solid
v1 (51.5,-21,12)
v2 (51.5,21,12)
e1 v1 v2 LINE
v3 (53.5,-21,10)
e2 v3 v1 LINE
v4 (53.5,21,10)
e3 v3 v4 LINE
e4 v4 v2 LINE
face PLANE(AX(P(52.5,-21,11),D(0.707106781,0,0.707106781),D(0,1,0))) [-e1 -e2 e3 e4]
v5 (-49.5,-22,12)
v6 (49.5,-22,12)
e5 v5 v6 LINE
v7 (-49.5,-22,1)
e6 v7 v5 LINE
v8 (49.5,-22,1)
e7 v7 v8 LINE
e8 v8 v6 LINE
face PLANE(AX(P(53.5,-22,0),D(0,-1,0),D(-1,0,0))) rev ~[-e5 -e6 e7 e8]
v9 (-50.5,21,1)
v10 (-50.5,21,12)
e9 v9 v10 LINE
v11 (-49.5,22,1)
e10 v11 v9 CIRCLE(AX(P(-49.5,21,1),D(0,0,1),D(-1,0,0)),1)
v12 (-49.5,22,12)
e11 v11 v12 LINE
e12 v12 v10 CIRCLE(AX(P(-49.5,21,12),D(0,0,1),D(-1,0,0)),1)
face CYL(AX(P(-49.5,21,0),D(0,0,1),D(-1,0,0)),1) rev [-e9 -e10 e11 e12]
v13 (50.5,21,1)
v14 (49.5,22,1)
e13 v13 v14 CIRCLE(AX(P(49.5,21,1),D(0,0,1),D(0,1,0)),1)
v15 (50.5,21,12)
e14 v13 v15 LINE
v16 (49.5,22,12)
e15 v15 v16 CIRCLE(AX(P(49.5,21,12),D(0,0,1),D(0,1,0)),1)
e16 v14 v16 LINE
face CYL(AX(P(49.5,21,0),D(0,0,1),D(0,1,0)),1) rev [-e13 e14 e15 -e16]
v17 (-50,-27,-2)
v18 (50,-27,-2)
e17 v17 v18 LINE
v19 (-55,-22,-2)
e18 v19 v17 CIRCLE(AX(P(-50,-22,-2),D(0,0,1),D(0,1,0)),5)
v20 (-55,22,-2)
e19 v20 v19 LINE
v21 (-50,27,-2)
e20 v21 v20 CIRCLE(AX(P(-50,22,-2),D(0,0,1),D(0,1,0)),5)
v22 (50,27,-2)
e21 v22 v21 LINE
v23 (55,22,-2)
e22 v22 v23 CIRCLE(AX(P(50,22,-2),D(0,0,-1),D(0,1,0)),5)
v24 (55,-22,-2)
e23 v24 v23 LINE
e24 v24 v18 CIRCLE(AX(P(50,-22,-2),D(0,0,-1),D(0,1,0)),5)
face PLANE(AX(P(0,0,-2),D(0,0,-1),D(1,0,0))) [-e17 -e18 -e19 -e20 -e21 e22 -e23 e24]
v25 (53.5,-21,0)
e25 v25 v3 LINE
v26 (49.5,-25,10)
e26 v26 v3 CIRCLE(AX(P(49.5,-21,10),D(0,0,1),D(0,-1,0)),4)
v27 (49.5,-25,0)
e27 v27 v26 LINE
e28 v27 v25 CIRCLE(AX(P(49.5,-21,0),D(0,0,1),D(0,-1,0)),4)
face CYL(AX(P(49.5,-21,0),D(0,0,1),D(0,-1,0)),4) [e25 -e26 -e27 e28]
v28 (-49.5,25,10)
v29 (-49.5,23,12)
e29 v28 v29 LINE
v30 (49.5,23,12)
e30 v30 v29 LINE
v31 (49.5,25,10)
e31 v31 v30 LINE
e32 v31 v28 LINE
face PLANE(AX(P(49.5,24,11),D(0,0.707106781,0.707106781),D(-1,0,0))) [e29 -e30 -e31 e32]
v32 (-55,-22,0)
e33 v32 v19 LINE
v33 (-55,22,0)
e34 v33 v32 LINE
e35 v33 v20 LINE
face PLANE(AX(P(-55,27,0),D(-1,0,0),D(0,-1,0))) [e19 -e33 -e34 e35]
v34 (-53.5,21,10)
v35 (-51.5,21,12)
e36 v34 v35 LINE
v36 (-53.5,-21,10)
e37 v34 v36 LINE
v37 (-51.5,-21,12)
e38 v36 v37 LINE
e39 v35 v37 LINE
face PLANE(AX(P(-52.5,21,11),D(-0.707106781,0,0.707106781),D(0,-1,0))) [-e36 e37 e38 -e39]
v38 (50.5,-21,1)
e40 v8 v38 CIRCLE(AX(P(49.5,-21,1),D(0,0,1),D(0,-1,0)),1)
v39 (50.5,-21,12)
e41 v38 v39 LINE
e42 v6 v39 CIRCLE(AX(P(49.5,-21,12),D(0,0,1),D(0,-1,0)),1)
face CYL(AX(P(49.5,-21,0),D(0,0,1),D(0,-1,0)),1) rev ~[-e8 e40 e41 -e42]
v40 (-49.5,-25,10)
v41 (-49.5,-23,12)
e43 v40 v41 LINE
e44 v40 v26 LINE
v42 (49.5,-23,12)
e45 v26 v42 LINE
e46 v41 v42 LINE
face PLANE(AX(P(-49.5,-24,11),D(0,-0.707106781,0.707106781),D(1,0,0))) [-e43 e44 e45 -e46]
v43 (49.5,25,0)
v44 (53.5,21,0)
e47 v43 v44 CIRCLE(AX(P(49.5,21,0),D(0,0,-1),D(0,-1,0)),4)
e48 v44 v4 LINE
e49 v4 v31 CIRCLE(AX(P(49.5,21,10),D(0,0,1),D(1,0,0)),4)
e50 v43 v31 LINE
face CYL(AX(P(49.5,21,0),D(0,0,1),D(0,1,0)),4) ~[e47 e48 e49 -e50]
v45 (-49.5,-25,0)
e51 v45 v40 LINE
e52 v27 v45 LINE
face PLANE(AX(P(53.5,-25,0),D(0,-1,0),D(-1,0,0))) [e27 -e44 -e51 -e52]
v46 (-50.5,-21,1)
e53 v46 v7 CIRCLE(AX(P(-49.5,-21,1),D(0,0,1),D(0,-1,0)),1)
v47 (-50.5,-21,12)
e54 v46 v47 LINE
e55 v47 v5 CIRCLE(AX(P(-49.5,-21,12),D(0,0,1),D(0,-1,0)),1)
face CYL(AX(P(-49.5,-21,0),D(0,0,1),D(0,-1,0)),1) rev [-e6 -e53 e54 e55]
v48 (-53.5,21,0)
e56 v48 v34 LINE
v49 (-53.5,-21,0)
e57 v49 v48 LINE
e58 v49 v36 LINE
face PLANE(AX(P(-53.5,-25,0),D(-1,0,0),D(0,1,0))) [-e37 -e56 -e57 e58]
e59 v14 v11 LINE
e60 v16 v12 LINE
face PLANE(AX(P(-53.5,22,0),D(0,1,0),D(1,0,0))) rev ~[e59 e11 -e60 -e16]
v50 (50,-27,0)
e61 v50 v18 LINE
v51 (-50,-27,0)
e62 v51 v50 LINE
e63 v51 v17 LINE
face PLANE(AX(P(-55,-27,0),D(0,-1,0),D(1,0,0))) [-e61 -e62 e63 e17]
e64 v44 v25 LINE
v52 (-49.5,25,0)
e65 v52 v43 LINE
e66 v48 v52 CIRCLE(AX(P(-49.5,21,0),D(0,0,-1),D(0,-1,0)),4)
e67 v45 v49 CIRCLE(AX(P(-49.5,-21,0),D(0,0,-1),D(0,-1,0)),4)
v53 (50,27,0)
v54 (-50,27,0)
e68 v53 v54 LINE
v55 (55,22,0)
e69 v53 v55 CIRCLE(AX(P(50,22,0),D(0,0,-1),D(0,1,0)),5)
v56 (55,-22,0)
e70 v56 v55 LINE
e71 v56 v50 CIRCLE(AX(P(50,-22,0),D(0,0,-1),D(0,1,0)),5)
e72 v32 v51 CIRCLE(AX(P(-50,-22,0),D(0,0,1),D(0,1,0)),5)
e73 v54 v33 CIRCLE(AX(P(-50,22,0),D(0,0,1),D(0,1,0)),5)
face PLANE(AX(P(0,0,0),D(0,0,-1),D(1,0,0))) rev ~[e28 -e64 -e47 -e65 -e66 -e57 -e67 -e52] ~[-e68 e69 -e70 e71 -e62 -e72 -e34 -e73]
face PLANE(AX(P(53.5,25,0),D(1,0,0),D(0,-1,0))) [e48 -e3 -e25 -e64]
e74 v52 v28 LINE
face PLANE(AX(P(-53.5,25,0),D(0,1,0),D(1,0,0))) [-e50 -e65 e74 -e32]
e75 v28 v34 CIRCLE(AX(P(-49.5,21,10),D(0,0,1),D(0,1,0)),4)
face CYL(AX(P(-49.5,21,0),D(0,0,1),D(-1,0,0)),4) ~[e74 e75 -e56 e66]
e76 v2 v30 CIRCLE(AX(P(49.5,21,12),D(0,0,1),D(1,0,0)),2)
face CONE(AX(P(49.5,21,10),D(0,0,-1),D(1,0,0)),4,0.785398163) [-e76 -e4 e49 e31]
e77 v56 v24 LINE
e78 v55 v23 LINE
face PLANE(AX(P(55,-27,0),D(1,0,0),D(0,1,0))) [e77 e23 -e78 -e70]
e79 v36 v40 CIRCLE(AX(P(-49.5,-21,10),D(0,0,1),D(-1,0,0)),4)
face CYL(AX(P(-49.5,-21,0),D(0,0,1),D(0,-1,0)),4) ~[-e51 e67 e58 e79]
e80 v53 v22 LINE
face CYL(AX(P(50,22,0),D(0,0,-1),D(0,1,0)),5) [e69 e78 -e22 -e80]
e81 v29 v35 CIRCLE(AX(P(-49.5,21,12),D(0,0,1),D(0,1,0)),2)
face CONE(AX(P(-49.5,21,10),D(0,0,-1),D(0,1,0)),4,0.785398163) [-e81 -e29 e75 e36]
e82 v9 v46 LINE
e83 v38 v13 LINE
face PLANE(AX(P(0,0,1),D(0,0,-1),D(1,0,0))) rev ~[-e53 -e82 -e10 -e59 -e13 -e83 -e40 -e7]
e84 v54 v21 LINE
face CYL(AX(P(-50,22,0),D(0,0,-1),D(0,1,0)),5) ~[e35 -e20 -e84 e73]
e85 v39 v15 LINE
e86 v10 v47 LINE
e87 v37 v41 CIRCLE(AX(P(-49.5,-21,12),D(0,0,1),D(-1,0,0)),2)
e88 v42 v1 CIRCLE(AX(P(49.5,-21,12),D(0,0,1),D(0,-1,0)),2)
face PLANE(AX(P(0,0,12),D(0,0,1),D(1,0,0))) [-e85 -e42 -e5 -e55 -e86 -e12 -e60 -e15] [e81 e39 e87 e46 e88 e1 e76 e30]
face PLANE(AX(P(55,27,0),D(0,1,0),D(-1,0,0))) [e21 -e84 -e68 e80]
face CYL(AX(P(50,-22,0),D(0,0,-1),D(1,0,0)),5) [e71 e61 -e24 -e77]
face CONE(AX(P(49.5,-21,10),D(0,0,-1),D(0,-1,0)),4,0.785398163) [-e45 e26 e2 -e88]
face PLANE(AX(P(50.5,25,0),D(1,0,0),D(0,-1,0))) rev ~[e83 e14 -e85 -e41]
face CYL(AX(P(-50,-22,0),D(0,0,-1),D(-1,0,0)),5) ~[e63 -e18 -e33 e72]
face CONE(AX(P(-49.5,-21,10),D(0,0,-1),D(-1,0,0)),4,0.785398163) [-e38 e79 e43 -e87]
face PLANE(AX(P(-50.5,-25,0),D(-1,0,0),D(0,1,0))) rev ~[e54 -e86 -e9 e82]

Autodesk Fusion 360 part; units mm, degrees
sketch "Sketch1" plane through (0, 0, 0) normal (0, 0, 1) x (1, 0, 0) in component "Component"
  line L0 (53.5, -25) -> (-53.5, -25)
  line L1 (-53.5, -25) -> (-53.5, 25)
  line L2 (-53.5, 25) -> (53.5, 25)
  line L3 (53.5, 25) -> (53.5, -25)
  line L4 (53.5, -25) -> (-53.5, 25) construction
  line L5 (-53.5, -25) -> (53.5, 25) construction
  dimension "d1" = 50
  dimension "d2" = 107
extrude "Extrude1" add sketch "Sketch1" along normal blind 12 in component "Component"
sketch "Sketch2" plane through (0, 0, 0) normal (0, 0, -1) x (1, 0, 0) in component "Component"
  line L0 (-53.5, -25) -> (53.5, -25)
  line L1 (53.5, -25) -> (53.5, 25)
  line L2 (53.5, 25) -> (-53.5, 25)
  line L3 (-53.5, 25) -> (-53.5, -25)
  line L4 (55, -27) -> (-55, -27)
  line L5 (-55, -27) -> (-55, 27)
  line L6 (-55, 27) -> (55, 27)
  line L7 (55, 27) -> (55, -27)
  line L8 (55, -27) -> (-55, 27) construction
  line L9 (-55, -27) -> (55, 27) construction
  dimension "d5" = 54
  dimension "d6" = 110
extrude "Extrude2" add sketch "Sketch2" along normal blind 2 contours L0 L1 L2 L3 | L4 L5 L6 L7 in component "Component"
fillet "Fillet1" radius 5 4 edges at (-55, -27, -1) (-55, 27, -1) (55, 27, -1) (55, -27, -1) in component "Component"
fillet "Fillet2" radius 4 4 edges at (53.5, 25, 6) (53.5, -25, 6) (-53.5, -25, 6) (-53.5, 25, 6) in component "Component"
shell "Shell1" thickness 3 removed faces 1 at (-16.5, -8.3333, 12) in component "Component"
chamfer "Chamfer1" distance 2 angle 45 8 edges at (52.3284, -23.8284, 12) (53.5, 0, 12) (52.3284, 23.8284, 12) (0, 25, 12) (-52.3284, 23.8284, 12) (-53.5, 0, 12) (-52.3284, -23.8284, 12) (0, -25, 12) in component "Component"
component "Component" placed x (1, 0, 0) y (0, 1, 0) z (0, 0, 1) at (0, 0, 0)
